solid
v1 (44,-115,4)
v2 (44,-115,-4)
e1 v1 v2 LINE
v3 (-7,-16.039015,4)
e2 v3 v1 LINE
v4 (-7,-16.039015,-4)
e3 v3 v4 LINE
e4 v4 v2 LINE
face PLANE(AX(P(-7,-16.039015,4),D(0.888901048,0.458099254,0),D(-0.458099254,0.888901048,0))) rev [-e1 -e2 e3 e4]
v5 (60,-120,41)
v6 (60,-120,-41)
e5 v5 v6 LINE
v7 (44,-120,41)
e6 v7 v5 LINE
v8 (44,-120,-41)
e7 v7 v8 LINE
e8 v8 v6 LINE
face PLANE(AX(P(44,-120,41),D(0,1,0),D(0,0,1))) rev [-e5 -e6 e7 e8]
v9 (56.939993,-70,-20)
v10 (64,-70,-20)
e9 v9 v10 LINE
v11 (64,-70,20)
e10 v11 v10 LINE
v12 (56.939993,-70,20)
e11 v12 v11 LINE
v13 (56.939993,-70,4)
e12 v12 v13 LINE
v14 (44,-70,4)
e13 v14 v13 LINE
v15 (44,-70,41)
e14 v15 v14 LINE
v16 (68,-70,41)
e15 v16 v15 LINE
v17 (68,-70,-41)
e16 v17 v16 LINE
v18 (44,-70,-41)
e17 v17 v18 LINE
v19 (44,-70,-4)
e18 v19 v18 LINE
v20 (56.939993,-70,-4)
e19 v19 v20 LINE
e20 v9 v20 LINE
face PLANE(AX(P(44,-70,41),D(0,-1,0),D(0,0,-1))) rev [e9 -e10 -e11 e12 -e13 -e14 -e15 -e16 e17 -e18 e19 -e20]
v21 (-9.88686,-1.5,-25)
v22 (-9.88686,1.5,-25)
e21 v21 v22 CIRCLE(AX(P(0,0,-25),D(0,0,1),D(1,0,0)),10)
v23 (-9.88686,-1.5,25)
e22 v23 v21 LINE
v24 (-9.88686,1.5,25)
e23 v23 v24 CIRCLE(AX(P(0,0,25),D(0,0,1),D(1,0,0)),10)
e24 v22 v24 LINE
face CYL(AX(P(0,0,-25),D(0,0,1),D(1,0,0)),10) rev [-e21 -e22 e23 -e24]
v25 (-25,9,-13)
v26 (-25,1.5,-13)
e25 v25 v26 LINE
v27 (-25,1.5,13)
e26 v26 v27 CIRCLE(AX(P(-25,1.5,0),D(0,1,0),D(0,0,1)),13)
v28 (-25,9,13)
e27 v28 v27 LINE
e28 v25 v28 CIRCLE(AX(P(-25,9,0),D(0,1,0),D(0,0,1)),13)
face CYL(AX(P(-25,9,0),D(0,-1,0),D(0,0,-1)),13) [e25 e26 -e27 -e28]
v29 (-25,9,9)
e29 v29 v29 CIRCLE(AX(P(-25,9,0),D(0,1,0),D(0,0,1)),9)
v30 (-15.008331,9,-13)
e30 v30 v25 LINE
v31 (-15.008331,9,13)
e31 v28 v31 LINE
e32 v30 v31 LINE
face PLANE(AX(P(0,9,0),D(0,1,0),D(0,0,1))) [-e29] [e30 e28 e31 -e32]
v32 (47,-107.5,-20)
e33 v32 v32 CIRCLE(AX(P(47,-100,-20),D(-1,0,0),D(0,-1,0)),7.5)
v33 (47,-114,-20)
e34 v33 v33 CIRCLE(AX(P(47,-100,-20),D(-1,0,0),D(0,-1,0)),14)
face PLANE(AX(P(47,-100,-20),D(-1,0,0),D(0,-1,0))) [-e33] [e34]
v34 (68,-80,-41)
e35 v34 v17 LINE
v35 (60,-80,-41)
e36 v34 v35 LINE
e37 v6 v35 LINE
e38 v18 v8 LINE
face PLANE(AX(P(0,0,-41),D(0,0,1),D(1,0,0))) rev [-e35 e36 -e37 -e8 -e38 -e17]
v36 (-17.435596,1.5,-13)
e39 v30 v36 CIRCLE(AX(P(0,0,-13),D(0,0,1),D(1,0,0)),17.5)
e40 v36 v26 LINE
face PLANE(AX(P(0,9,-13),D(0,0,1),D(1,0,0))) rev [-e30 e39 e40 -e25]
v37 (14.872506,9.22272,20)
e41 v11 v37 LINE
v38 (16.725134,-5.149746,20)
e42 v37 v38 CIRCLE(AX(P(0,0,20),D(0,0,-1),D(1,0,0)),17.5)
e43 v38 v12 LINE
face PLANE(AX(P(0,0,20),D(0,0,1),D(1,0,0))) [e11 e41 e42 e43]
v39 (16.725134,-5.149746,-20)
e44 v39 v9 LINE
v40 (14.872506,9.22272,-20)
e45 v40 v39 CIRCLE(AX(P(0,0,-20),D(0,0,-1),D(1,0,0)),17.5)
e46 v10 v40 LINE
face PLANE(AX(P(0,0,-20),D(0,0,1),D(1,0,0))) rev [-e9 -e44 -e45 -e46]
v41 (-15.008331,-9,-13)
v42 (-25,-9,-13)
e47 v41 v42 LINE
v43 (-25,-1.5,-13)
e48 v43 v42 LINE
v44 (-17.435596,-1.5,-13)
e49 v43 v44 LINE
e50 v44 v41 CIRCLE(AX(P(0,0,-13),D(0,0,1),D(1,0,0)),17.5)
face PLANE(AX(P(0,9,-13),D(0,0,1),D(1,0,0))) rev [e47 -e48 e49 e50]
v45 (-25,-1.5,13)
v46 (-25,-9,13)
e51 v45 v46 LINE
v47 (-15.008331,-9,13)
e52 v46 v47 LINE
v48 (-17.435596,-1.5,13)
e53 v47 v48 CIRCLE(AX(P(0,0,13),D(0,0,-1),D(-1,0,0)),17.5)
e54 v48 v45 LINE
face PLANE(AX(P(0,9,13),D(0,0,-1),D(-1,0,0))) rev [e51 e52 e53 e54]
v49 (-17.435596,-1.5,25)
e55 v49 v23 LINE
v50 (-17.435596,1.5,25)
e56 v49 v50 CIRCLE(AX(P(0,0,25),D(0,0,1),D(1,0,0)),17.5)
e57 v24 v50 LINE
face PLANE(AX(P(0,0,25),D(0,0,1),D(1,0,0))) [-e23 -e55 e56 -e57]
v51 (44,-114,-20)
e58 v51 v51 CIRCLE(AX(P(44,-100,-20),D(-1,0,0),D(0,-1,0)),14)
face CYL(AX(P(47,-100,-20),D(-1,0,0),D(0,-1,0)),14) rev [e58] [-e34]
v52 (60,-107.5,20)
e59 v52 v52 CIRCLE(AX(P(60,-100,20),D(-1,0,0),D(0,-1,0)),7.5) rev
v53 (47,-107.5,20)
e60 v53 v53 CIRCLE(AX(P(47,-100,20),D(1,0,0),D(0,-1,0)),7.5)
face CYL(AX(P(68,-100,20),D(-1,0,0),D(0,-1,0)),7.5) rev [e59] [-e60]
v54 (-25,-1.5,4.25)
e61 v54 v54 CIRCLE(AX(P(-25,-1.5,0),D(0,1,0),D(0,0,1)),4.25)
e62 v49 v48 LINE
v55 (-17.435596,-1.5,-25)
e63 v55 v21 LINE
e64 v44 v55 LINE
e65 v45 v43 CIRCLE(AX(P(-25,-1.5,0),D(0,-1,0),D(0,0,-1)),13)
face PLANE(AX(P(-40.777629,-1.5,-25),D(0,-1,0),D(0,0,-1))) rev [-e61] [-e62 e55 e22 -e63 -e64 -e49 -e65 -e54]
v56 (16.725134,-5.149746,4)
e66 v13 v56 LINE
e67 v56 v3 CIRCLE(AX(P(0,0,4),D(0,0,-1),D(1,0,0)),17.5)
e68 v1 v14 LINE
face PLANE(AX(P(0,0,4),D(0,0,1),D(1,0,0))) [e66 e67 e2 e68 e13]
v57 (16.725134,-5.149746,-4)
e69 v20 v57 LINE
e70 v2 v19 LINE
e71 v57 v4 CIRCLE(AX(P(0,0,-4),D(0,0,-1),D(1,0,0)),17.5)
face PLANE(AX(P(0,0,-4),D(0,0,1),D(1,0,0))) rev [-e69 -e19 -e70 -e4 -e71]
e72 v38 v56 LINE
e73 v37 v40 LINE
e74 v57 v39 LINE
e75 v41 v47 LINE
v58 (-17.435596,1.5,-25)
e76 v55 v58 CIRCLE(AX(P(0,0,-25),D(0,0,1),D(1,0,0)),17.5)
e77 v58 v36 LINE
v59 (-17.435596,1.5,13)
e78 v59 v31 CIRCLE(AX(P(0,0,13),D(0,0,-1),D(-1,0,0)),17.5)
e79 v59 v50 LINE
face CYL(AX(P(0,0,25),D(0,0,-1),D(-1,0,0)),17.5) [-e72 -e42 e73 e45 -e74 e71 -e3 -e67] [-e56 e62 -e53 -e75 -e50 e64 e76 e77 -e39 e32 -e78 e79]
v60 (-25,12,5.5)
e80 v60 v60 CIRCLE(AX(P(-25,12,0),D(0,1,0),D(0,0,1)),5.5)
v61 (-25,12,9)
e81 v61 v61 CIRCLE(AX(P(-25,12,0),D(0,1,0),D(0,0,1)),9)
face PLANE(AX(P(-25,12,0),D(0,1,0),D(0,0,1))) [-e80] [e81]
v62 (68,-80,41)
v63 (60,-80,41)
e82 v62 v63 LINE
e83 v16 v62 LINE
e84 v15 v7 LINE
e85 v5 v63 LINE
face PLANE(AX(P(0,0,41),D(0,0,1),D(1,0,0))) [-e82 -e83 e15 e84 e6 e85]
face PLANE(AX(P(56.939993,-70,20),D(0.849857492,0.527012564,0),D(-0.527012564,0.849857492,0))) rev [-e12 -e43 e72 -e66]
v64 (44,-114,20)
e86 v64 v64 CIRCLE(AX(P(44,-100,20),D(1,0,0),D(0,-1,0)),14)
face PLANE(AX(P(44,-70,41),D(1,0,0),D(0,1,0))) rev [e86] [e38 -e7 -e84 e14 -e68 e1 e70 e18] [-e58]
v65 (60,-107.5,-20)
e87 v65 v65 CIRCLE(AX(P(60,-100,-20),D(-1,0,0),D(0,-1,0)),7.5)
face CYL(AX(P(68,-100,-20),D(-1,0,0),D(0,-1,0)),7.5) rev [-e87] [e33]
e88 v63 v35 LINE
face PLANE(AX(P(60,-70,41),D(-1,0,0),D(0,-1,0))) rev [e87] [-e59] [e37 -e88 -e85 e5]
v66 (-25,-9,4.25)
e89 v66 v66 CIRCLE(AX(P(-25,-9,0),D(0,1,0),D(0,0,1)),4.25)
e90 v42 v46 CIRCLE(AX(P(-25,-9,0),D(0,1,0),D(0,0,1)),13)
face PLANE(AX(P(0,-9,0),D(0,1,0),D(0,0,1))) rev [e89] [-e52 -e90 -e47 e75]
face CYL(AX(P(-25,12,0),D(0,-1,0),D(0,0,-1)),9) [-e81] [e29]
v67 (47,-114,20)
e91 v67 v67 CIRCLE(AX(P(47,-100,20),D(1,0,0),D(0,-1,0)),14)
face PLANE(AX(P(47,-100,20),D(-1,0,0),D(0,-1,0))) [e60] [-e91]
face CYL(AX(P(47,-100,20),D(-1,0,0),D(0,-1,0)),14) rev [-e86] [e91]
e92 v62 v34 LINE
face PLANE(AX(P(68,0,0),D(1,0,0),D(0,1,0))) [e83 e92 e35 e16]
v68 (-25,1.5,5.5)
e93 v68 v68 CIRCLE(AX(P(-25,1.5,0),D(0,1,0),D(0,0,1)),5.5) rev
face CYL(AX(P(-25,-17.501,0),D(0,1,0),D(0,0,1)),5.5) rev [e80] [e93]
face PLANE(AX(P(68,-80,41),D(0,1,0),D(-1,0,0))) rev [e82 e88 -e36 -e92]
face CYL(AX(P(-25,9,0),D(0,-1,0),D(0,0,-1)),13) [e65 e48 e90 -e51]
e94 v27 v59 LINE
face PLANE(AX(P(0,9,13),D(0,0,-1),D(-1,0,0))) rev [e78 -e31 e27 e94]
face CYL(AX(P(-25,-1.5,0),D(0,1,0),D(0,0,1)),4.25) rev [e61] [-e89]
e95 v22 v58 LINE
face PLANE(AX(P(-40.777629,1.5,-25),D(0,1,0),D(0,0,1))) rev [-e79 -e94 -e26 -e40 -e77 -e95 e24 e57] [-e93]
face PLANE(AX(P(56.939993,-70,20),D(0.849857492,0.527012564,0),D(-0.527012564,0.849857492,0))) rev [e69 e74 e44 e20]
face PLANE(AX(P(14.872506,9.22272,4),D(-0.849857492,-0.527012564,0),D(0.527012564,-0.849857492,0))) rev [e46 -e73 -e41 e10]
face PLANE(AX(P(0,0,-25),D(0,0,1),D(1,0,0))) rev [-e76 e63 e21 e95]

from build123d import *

# Parameters (mm, degrees)
SKETCH_1_R               = 17.5
EXTRUDE_1_DEPTH          = 25
EXTRUDE_2_DEPTH          = 9
SKETCH_3_R               = 9
EXTRUDE_3_DEPTH          = 3
CUT_EXTRUDE_1_DEPTH      = 49.736536602
CUT_EXTRUDE_1_DEPTH_BACK = 49.736536602
SKETCH_4_W               = 40.777628878
SKETCH_4_H               = 3
CUT_EXTRUDE_2_DEPTH      = 66.193941436
CUT_EXTRUDE_2_DEPTH_BACK = 66.193941436
SKETCH_5_R               = 10
CUT_EXTRUDE_3_REACH      = 56.215
SKETCH_6_R               = 5.5
HOLE_WIZARD_M10_1_D      = 8.5
SKETCH_9_W               = 16
SKETCH_9_H               = 50
EXTRUDE_4_DEPTH          = 41
SKETCH_10_W              = 82
SKETCH_10_H              = 10
EXTRUDE_5_DEPTH          = 8
EXTRUDE_6_DEPTH          = 4
EXTRUDE_7_DEPTH          = 20
SKETCH_13_R              = 14
CUT_EXTRUDE_4_DEPTH      = 3
SKETCH_14_R              = 7.5
CUT_EXTRUDE_5_DEPTH      = 153.663027613


with BuildPart() as part:
    # 草图1 → 凸台-拉伸1 (new, symmetric)
    with BuildSketch(Plane.XY):
        Circle(SKETCH_1_R)
    extrude(amount=EXTRUDE_1_DEPTH, both=True)

    # 草图2 → 凸台-拉伸2 (add, symmetric)
    with BuildSketch(Plane(origin=(0, 0, 0), x_dir=(1, 0, 0), z_dir=(0, 1, 0))):
        with BuildLine():
            Line((0, -13), (-25, -13))
            ThreePointArc((-25, -13), (-38, 0), (-25, 13))
            Line((-25, 13), (0, 13))
            ThreePointArc((0, 13), (13, 0), (0, -13))
        make_face()
    extrude(amount=EXTRUDE_2_DEPTH, both=True)

    # 草图3 → 凸台-拉伸3 (add)
    with BuildSketch(Plane(origin=(0, 9, 0), x_dir=(1, 0, 0), z_dir=(0, 1, 0))):
        with Locations(Location((-25, 0, 0), (0, 0, 270))):
            Circle(SKETCH_3_R)
    extrude(amount=EXTRUDE_3_DEPTH)

    # 草图4 → 切除-拉伸1 (cut, two sides: drawn at the far end of the back side and taken through both)
    with BuildSketch(Plane.XY.offset(-CUT_EXTRUDE_1_DEPTH_BACK)):
        with Locations((-20.388814439, 0)):
            Rectangle(SKETCH_4_W, SKETCH_4_H)
    extrude(amount=CUT_EXTRUDE_1_DEPTH + CUT_EXTRUDE_1_DEPTH_BACK, mode=Mode.SUBTRACT)

    # 草图5 → 切除-拉伸2 (cut, two sides: drawn at the far end of the back side and taken through both)
    with BuildSketch(Plane.XY.offset(25).offset(-CUT_EXTRUDE_2_DEPTH_BACK)):
        Circle(SKETCH_5_R)
    extrude(amount=CUT_EXTRUDE_2_DEPTH + CUT_EXTRUDE_2_DEPTH_BACK, mode=Mode.SUBTRACT)

    # 草图6 → 切除-拉伸3 (cut, up to next)
    with BuildSketch(Plane(origin=(0, 12, 0), x_dir=(1, 0, 0), z_dir=(0, 1, 0)), mode=Mode.PRIVATE) as cut_extrude_3_sk1:
        with Locations(Location((-25, 0, 0), (0, 0, 270))):
            Circle(SKETCH_6_R)
    cut_extrude_3_tool1 = extrude(cut_extrude_3_sk1.sketch, amount=-CUT_EXTRUDE_3_REACH, mode=Mode.PRIVATE) & part.part
    add(cut_extrude_3_tool1.solids().sort_by_distance((-25, 12, 0))[0], mode=Mode.SUBTRACT)

    # M10 螺纹孔1 (through all)
    with Locations(Plane(origin=(0, -1.5, 0), x_dir=(1, 0, 0), z_dir=(0, 1, 0))):
        with Locations((-25, 0)):
            Hole(HOLE_WIZARD_M10_1_D / 2)



with BuildPart() as body_2:
    # 草图9 → 凸台-拉伸4 (new, symmetric)
    with BuildSketch(Plane.XY):
        with Locations((52, -95)):
            Rectangle(SKETCH_9_W, SKETCH_9_H)
    extrude(amount=EXTRUDE_4_DEPTH, both=True)

    # 草图10 → 凸台-拉伸5 (add)
    with BuildSketch(Plane(origin=(60, 0, 0), x_dir=(0, 0, -1), z_dir=(1, 0, 0))):
        with Locations((0, -75)):
            Rectangle(SKETCH_10_W, SKETCH_10_H)
    extrude(amount=EXTRUDE_5_DEPTH)


with BuildPart() as part_1:
    add(part.part)

    add(body_2.part)  # 凸台-拉伸6 merges body 2
    # 草图11 → 凸台-拉伸6 (add, symmetric)
    with BuildSketch(Plane.XY):
        with BuildLine():
            Line((-7, -16.039014932), (44, -115))
            Line((44, -115), (44, -70))
            Line((44, -70), (64, -70))
            Line((64, -70), (14.872506114, 9.222719875))
            ThreePointArc((14.872506114, 9.222719875), (13.229999981, -11.455003295), (-7, -16.039014932))
        make_face()
    extrude(amount=EXTRUDE_6_DEPTH, both=True)

    # 草图12 → 凸台-拉伸7 (add, symmetric)
    with BuildSketch(Plane.XY):
        with BuildLine():
            Line((64, -70), (14.872506114, 9.222719875))
            ThreePointArc((14.872506114, 9.222719875), (17.356401201, 2.237261127), (16.725134335, -5.149745768))
            Line((16.725134335, -5.149745768), (56.939992816, -70))
            Line((56.939992816, -70), (64, -70))
        make_face()
    extrude(amount=EXTRUDE_7_DEPTH, both=True)

    # 草图13 → 切除-拉伸4 (cut)
    with BuildSketch(Plane.ZY.offset(-44)):
        with Locations(Location((-20, -100, 0), (0, 0, 270))):
            Circle(SKETCH_13_R)
    cut_extrude_4 = extrude(amount=-CUT_EXTRUDE_4_DEPTH, mode=Mode.SUBTRACT)

    # 草图14 → 切除-拉伸5 (cut, through all)
    with BuildSketch(Plane.ZY.offset(-47)):
        with Locations(Location((-20, -100, 0), (0, 0, 270))):
            Circle(SKETCH_14_R)
    cut_extrude_5 = extrude(amount=-CUT_EXTRUDE_5_DEPTH, mode=Mode.SUBTRACT)

    # 镜向1: 切除-拉伸4, 切除-拉伸5 across plane
    add(cut_extrude_4.mirror(Plane.XY), mode=Mode.SUBTRACT)
    add(cut_extrude_5.mirror(Plane.XY), mode=Mode.SUBTRACT)


solid = part_1.part
